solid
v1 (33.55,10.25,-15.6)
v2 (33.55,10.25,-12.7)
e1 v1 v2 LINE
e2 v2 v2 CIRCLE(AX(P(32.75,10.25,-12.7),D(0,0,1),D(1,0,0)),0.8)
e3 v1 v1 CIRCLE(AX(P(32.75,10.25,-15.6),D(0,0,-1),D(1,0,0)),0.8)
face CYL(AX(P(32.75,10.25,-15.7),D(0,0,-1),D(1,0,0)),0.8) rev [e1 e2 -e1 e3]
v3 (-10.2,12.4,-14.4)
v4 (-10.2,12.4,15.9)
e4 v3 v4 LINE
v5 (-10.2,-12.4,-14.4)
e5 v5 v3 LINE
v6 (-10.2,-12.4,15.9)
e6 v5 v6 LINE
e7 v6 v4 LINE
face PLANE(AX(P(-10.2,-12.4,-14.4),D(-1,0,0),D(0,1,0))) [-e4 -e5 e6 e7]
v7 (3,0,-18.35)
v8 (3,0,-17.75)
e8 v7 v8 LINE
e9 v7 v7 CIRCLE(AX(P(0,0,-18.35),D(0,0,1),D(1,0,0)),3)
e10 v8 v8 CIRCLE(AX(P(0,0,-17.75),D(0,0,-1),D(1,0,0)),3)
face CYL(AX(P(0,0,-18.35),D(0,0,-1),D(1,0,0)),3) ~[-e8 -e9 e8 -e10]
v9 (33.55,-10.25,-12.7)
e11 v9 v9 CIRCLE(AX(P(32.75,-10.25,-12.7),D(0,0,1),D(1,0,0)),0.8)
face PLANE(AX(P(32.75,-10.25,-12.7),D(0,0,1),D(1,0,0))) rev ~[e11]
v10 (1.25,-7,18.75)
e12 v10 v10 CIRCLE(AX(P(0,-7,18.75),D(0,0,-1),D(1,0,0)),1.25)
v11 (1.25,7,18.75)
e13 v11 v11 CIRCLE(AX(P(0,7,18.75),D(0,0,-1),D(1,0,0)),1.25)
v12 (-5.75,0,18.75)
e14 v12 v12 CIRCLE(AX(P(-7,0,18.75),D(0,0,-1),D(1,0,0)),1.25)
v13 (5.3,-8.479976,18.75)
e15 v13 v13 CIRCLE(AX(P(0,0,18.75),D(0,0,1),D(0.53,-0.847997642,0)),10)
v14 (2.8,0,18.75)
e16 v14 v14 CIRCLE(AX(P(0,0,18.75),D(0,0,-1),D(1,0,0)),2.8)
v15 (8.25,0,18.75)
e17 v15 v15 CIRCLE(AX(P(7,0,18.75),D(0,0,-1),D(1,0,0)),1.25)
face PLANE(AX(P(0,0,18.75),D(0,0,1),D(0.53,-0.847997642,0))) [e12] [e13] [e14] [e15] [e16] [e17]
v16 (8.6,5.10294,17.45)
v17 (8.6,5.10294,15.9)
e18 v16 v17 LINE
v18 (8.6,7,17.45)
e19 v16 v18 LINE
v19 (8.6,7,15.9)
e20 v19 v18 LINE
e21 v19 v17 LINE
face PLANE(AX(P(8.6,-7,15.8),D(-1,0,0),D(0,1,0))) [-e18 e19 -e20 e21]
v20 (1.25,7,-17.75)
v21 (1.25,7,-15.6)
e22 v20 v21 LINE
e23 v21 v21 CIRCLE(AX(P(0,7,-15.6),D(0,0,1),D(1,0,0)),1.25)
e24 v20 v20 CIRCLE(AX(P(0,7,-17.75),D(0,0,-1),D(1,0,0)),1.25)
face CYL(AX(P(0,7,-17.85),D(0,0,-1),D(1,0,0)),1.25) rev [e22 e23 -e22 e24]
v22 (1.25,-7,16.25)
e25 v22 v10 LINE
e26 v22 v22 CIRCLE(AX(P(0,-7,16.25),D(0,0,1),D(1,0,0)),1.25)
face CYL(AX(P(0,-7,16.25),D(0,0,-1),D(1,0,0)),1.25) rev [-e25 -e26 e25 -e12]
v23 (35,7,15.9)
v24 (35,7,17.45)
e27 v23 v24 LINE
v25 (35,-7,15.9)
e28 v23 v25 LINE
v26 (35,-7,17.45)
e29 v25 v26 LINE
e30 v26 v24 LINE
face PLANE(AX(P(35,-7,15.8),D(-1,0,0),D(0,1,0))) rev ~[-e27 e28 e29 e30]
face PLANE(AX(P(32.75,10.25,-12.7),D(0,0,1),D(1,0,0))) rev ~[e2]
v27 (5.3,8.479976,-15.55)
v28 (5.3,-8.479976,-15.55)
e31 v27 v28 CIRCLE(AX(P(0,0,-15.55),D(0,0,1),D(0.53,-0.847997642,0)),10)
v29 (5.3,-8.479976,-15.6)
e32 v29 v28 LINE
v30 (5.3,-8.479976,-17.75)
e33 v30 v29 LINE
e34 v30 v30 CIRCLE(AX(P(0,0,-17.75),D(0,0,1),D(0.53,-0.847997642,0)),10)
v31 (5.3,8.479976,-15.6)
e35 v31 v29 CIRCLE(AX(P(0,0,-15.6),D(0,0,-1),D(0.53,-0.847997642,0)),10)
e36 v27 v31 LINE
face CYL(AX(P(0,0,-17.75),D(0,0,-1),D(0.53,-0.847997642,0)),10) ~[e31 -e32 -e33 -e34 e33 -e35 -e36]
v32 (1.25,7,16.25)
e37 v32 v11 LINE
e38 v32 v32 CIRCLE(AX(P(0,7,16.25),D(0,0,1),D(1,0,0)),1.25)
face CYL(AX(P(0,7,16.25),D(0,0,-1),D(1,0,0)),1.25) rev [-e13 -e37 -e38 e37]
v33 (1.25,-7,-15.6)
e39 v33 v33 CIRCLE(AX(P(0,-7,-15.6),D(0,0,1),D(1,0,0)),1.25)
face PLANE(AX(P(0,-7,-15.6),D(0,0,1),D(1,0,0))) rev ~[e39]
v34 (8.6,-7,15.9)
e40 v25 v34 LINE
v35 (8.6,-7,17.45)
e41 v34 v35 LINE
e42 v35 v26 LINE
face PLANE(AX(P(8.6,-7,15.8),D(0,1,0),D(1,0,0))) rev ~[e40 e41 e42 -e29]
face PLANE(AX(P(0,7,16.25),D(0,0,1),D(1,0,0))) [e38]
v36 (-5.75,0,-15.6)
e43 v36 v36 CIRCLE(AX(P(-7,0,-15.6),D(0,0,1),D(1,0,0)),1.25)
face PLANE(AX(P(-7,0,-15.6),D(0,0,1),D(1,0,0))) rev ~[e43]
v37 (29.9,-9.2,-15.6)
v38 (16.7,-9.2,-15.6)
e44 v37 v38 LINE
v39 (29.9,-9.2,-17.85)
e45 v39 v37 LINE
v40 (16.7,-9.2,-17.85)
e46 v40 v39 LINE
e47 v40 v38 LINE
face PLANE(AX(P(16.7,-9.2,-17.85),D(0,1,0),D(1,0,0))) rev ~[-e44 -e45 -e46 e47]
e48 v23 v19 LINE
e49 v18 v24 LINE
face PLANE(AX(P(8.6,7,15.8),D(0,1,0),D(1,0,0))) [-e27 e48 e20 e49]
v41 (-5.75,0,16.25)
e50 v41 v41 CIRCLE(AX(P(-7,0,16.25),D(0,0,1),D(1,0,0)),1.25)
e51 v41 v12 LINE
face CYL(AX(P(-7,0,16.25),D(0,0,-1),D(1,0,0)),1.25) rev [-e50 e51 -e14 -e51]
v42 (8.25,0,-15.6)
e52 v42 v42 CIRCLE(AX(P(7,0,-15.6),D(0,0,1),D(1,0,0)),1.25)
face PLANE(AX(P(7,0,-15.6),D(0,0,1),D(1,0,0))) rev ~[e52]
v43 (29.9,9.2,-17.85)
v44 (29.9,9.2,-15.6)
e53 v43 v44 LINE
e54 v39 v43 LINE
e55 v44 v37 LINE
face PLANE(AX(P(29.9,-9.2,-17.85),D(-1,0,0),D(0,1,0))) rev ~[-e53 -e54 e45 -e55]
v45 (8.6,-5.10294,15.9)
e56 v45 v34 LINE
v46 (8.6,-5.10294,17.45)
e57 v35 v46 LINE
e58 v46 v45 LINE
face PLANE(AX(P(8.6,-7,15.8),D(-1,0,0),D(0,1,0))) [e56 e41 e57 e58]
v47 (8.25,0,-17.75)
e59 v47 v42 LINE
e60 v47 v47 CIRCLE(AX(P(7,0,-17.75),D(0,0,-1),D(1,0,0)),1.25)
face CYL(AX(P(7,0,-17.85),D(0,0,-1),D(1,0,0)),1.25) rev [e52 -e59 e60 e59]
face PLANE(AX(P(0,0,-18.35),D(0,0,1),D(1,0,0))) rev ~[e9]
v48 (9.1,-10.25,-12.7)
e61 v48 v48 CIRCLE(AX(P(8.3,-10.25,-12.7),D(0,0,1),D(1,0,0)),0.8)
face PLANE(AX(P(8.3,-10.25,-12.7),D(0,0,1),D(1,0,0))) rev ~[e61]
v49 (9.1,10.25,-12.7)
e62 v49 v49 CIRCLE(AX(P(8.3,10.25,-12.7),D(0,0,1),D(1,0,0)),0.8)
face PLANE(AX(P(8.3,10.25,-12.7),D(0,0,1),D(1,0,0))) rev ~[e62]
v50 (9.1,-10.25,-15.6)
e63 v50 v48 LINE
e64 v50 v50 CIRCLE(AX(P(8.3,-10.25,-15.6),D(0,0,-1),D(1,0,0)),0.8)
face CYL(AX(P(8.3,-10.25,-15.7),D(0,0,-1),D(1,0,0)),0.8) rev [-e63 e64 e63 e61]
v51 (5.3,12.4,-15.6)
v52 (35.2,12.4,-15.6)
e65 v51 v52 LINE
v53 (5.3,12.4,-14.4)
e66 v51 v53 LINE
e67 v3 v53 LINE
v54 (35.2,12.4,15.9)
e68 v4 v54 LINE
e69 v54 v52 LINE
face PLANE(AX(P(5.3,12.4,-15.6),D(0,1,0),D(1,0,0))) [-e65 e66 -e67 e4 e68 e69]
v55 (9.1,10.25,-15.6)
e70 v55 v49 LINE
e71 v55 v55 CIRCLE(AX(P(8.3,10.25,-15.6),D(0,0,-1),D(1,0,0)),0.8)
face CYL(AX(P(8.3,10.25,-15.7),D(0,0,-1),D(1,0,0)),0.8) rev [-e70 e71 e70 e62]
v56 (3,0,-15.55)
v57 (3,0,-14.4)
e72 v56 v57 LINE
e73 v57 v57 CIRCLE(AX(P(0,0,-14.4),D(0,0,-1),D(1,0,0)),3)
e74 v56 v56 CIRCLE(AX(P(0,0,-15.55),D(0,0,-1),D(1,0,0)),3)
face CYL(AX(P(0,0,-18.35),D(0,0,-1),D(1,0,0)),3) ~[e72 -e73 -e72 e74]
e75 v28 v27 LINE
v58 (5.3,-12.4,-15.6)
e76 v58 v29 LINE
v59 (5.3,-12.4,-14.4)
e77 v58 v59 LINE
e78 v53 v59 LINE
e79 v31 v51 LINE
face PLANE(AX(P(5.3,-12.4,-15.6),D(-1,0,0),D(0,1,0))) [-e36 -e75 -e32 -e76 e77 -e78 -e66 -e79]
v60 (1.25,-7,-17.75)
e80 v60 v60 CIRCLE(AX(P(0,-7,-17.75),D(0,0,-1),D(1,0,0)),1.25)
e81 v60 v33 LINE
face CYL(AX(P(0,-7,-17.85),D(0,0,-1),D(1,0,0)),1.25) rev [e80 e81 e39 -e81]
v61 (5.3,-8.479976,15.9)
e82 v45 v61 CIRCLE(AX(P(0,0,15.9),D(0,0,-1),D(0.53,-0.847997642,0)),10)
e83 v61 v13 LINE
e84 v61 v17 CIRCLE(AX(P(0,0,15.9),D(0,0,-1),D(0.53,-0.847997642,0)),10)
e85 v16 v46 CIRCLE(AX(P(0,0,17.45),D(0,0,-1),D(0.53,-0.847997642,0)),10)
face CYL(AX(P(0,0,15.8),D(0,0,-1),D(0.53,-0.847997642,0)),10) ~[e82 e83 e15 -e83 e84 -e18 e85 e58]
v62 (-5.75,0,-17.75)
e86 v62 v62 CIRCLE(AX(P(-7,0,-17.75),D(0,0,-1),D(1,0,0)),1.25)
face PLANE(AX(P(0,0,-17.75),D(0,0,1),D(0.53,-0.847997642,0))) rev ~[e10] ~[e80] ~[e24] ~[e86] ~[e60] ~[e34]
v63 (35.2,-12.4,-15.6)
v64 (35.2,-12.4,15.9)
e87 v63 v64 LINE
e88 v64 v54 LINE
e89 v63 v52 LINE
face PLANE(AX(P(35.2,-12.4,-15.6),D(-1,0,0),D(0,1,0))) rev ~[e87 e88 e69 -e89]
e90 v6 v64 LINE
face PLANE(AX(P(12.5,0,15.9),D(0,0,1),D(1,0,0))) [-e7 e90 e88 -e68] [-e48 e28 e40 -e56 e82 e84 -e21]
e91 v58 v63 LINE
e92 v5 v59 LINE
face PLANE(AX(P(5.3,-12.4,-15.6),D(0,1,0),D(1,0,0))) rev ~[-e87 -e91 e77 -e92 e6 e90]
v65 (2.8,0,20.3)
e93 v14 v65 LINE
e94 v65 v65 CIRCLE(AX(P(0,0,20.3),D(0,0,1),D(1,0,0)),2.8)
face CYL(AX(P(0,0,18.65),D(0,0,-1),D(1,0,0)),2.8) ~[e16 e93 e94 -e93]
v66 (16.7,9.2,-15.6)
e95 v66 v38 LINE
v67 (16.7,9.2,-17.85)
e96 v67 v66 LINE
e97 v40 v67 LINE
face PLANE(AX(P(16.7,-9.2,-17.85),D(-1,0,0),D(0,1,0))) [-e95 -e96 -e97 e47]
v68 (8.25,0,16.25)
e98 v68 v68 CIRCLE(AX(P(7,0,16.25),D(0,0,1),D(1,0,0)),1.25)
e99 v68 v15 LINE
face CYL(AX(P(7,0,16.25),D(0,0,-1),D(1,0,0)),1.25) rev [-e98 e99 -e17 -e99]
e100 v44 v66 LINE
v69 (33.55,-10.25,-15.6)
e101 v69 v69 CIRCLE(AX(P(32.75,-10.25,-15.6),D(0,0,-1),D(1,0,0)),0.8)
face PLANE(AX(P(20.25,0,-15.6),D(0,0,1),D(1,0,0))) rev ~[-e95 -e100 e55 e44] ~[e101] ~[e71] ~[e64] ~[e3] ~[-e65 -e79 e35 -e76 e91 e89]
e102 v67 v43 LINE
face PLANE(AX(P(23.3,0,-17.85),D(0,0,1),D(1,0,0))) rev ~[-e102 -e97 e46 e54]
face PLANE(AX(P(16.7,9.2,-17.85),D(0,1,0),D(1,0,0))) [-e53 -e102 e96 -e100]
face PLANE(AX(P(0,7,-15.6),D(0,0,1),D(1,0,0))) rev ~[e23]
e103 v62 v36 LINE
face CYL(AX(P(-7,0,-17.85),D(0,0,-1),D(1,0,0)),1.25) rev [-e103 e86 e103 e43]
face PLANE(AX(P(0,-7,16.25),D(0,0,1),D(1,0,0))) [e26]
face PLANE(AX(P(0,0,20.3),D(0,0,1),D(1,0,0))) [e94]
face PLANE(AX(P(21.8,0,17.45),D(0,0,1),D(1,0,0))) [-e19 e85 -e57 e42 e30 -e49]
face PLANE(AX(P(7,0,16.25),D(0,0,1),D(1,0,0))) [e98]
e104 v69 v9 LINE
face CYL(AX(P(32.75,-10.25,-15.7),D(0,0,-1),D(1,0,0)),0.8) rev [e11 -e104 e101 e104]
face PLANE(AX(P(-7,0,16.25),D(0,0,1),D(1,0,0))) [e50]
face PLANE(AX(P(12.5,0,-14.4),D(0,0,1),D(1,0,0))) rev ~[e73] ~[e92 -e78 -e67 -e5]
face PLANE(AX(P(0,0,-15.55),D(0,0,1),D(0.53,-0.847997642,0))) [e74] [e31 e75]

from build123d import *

# Parameters (mm, degrees)
S_BOX1_W      = 45.4
S_BOX1_H      = 24.8
BOSS_1_DEPTH  = 30.3
S_BOX2_W      = 29.9
S_BOX2_H      = 24.8
BOSS_2_DEPTH  = 1.3
S_BOX3_W      = 13.2
S_BOX3_H      = 18.4
BOSS_3_DEPTH  = 2.35
S_CYL4_R      = 3
BOSS_4_DEPTH  = 4.05
S_BOX5_W      = 26.4
S_BOX5_H      = 14
BOSS_5_DEPTH  = 1.65
S_CYL6_R      = 5.3
BOSS_6_DEPTH  = 0.6
S_CYL7_R      = 10
BOSS_7_DEPTH  = 2.2
S_CYL8_R      = 10
BOSS_8_DEPTH  = 2.95
S_CYL9_R      = 2.8
BOSS_9_DEPTH  = 1.65
S_HOLE10_R    = 1.25
HOLE_10_DEPTH = 2.25
S_HOLE11_R    = 1.25
HOLE_11_DEPTH = 2.25
S_HOLE12_R    = 1.25
HOLE_12_DEPTH = 2.25
S_HOLE13_R    = 1.25
HOLE_13_DEPTH = 2.25
S_HOLE14_R    = 1.25
HOLE_14_DEPTH = 2.6
S_HOLE15_R    = 1.25
HOLE_15_DEPTH = 2.6
S_HOLE16_R    = 1.25
HOLE_16_DEPTH = 2.6
S_HOLE17_R    = 1.25
HOLE_17_DEPTH = 2.6
S_HOLE18_R    = 0.8
HOLE_18_DEPTH = 3
S_HOLE19_R    = 0.8
HOLE_19_DEPTH = 3
S_HOLE20_R    = 0.8
HOLE_20_DEPTH = 3
S_HOLE21_R    = 0.8
HOLE_21_DEPTH = 3


with BuildPart() as part:
    # S_box1 → Boss_1 (new body)
    with BuildSketch(Plane.XY.offset(-14.4)):
        with Locations((12.5, 0)):
            Rectangle(S_BOX1_W, S_BOX1_H)
    extrude(amount=BOSS_1_DEPTH)

    # S_box2 → Boss_2 (add)
    with BuildSketch(Plane.XY.offset(-15.6)):
        with Locations((20.25, 0)):
            Rectangle(S_BOX2_W, S_BOX2_H)
    extrude(amount=BOSS_2_DEPTH)

    # S_box3 → Boss_3 (add)
    with BuildSketch(Plane.XY.offset(-17.85)):
        with Locations((23.3, 0)):
            Rectangle(S_BOX3_W, S_BOX3_H)
    extrude(amount=BOSS_3_DEPTH)

    # S_cyl4 → Boss_4 (add)
    with BuildSketch(Plane.XY.offset(-18.35)):
        Circle(S_CYL4_R)
    extrude(amount=BOSS_4_DEPTH)

    # S_box5 → Boss_5 (add)
    with BuildSketch(Plane.XY.offset(15.8)):
        with Locations((21.8, 0)):
            Rectangle(S_BOX5_W, S_BOX5_H)
    extrude(amount=BOSS_5_DEPTH)

    # S_cyl6 → Boss_6 (add)
    with BuildSketch(Plane.XY.offset(15.8)):
        with Locations(Location((0, 0, 0), (0, 0, 180))):
            Circle(S_CYL6_R)
    extrude(amount=BOSS_6_DEPTH)

    # S_cyl7 → Boss_7 (add)
    with BuildSketch(Plane.XY.offset(-17.75)):
        with Locations(Location((0, 0, 0), (0, 0, 302.005454828))):
            Circle(S_CYL7_R)
    extrude(amount=BOSS_7_DEPTH)

    # S_cyl8 → Boss_8 (add)
    with BuildSketch(Plane.XY.offset(15.8)):
        with Locations(Location((0, 0, 0), (0, 0, 302.005454828))):
            Circle(S_CYL8_R)
    extrude(amount=BOSS_8_DEPTH)

    # S_cyl9 → Boss_9 (add)
    with BuildSketch(Plane.XY.offset(18.65)):
        Circle(S_CYL9_R)
    extrude(amount=BOSS_9_DEPTH)

    # S_hole10 → Hole_10 (cut)
    with BuildSketch(Plane.XY.offset(-17.85)):
        with Locations((7, 0)):
            Circle(S_HOLE10_R)
    extrude(amount=HOLE_10_DEPTH, mode=Mode.SUBTRACT)

    # S_hole11 → Hole_11 (cut)
    with BuildSketch(Plane.XY.offset(-17.85)):
        with Locations((0, 7)):
            Circle(S_HOLE11_R)
    extrude(amount=HOLE_11_DEPTH, mode=Mode.SUBTRACT)

    # S_hole12 → Hole_12 (cut)
    with BuildSketch(Plane.XY.offset(-17.85)):
        with Locations((-7, 0)):
            Circle(S_HOLE12_R)
    extrude(amount=HOLE_12_DEPTH, mode=Mode.SUBTRACT)

    # S_hole13 → Hole_13 (cut)
    with BuildSketch(Plane.XY.offset(-17.85)):
        with Locations((0, -7)):
            Circle(S_HOLE13_R)
    extrude(amount=HOLE_13_DEPTH, mode=Mode.SUBTRACT)

    # S_hole14 → Hole_14 (cut)
    with BuildSketch(Plane.XY.offset(16.25)):
        with Locations((7, 0)):
            Circle(S_HOLE14_R)
    extrude(amount=HOLE_14_DEPTH, mode=Mode.SUBTRACT)

    # S_hole15 → Hole_15 (cut)
    with BuildSketch(Plane.XY.offset(16.25)):
        with Locations((0, 7)):
            Circle(S_HOLE15_R)
    extrude(amount=HOLE_15_DEPTH, mode=Mode.SUBTRACT)

    # S_hole16 → Hole_16 (cut)
    with BuildSketch(Plane.XY.offset(16.25)):
        with Locations((-7, 0)):
            Circle(S_HOLE16_R)
    extrude(amount=HOLE_16_DEPTH, mode=Mode.SUBTRACT)

    # S_hole17 → Hole_17 (cut)
    with BuildSketch(Plane.XY.offset(16.25)):
        with Locations((0, -7)):
            Circle(S_HOLE17_R)
    extrude(amount=HOLE_17_DEPTH, mode=Mode.SUBTRACT)

    # S_hole18 → Hole_18 (cut)
    with BuildSketch(Plane.XY.offset(-15.7)):
        with Locations((8.3, -10.25)):
            Circle(S_HOLE18_R)
    extrude(amount=HOLE_18_DEPTH, mode=Mode.SUBTRACT)

    # S_hole19 → Hole_19 (cut)
    with BuildSketch(Plane.XY.offset(-15.7)):
        with Locations((8.3, 10.25)):
            Circle(S_HOLE19_R)
    extrude(amount=HOLE_19_DEPTH, mode=Mode.SUBTRACT)

    # S_hole20 → Hole_20 (cut)
    with BuildSketch(Plane.XY.offset(-15.7)):
        with Locations((32.75, -10.25)):
            Circle(S_HOLE20_R)
    extrude(amount=HOLE_20_DEPTH, mode=Mode.SUBTRACT)

    # S_hole21 → Hole_21 (cut)
    with BuildSketch(Plane.XY.offset(-15.7)):
        with Locations((32.75, 10.25)):
            Circle(S_HOLE21_R)
    extrude(amount=HOLE_21_DEPTH, mode=Mode.SUBTRACT)


solid = part.part
